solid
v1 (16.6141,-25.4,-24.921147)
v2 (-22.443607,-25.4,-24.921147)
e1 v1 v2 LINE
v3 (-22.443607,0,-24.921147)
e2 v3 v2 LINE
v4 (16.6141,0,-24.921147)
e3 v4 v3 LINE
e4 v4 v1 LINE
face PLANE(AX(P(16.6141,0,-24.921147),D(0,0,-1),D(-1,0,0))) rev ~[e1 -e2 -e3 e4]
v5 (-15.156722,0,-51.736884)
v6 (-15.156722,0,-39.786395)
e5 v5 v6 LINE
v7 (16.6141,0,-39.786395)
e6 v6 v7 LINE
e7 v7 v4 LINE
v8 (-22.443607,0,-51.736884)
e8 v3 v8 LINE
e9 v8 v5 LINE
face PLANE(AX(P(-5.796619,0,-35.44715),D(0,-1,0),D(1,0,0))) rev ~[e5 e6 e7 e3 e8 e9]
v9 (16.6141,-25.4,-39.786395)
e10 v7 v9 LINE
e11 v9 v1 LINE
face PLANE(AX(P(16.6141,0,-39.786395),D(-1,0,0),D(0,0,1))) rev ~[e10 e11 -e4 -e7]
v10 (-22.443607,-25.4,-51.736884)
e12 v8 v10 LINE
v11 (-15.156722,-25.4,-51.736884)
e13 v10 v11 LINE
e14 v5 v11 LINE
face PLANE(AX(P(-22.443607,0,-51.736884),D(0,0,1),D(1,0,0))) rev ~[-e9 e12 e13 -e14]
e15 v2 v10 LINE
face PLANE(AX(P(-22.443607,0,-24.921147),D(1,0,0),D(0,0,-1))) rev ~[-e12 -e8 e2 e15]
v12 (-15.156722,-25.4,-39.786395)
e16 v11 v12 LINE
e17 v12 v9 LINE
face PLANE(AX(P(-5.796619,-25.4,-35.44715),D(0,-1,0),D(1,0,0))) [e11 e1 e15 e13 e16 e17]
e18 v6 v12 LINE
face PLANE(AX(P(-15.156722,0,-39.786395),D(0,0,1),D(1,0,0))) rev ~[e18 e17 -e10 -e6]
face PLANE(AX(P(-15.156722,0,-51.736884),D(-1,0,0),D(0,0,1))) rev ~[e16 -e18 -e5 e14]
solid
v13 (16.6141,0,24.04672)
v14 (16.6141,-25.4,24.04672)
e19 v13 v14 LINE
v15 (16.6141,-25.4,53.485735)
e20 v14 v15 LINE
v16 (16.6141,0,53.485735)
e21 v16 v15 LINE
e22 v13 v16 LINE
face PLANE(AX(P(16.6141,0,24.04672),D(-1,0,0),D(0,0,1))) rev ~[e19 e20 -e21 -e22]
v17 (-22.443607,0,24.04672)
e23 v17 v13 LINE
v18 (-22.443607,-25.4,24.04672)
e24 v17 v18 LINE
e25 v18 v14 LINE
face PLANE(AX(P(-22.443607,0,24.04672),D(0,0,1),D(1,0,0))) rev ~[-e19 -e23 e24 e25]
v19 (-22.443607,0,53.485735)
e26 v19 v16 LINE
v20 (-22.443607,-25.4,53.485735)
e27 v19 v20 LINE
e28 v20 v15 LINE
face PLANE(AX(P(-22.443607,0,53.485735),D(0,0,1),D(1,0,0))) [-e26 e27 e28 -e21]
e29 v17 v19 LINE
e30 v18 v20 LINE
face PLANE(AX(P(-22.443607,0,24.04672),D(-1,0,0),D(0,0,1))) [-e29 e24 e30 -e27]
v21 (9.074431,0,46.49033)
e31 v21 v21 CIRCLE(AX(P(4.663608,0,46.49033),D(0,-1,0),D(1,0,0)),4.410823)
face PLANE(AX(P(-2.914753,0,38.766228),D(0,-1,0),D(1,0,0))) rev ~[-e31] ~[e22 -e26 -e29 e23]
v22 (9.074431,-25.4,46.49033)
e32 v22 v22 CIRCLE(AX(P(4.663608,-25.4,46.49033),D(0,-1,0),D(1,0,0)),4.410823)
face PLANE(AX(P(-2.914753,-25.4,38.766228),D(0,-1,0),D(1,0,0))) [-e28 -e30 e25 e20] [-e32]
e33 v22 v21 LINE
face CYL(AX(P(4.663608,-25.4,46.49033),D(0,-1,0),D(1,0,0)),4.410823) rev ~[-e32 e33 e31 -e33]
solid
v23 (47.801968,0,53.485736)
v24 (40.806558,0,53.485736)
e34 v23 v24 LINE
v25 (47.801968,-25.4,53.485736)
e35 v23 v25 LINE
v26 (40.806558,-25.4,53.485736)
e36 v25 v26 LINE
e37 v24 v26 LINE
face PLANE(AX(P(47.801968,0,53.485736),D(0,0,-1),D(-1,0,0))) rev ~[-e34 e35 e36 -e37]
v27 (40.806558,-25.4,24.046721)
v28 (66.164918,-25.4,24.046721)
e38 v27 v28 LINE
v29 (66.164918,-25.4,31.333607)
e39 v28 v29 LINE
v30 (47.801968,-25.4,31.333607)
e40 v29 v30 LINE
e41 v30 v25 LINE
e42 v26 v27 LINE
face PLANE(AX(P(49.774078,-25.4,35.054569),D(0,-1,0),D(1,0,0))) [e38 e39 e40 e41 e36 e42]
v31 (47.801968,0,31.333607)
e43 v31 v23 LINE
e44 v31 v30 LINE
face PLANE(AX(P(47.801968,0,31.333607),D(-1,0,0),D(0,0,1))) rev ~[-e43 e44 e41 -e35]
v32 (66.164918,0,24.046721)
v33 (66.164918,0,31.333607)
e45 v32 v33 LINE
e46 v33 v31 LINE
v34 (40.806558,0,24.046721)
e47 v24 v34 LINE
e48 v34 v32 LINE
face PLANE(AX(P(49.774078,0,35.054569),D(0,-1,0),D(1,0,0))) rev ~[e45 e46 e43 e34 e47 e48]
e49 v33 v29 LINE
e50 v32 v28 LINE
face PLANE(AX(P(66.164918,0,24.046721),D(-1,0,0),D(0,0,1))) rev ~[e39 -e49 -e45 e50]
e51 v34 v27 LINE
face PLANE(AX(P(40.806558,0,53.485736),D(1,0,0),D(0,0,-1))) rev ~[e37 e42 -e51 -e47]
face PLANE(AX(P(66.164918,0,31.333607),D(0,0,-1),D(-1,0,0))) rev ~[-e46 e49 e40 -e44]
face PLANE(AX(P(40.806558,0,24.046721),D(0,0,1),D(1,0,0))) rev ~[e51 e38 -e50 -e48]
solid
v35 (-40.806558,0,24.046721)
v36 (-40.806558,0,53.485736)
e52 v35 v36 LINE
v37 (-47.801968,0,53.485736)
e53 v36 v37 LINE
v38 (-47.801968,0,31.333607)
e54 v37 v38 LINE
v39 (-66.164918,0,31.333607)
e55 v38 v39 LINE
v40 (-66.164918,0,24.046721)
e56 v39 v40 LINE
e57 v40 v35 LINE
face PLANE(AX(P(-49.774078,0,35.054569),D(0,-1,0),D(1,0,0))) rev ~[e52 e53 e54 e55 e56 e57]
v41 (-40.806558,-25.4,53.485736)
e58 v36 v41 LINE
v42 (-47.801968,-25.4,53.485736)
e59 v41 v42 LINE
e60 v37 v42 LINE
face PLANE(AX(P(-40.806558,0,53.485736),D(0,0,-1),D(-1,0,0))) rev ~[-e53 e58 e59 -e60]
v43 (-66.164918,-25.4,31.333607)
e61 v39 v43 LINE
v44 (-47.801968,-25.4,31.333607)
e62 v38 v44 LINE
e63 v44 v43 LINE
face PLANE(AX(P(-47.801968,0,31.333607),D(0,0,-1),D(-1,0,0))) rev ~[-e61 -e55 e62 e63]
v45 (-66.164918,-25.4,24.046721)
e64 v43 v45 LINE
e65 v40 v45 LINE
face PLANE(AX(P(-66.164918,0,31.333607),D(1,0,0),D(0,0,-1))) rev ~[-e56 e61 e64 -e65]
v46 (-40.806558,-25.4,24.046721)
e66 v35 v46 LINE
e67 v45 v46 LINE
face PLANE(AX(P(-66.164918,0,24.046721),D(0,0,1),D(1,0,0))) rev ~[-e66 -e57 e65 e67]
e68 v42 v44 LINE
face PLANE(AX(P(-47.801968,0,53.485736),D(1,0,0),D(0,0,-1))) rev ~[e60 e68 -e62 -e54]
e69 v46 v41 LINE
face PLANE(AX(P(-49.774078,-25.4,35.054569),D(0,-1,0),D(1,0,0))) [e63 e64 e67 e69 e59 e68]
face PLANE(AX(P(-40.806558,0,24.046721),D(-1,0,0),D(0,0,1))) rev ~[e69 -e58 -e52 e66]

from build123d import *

# Parameters (mm, degrees)
F0_W     = 39.057707
F0_H     = 29.439015
F1_DEPTH = 25.4
F2_R     = 4.410823
F3_DEPTH = 25.4


with BuildPart() as f1:
    # F0 (on Front) → F1 (new body)
    with BuildSketch(Plane.XZ):
        with Locations((-2.914753, 38.766228)):
            Rectangle(F0_W, F0_H)
        Polygon((47.801968, 53.485736), (40.806558, 53.485736), (40.806558, 24.046721), (66.164918, 24.046721), (66.164918, 31.333607), (47.801968, 31.333607), align=None)
        Polygon((-40.806558, 53.485736), (-47.801968, 53.485736), (-47.801968, 31.333607), (-66.164918, 31.333607), (-66.164918, 24.046721), (-40.806558, 24.046721), align=None)
        Polygon((16.6141, -24.921147), (-22.443607, -24.921147), (-22.443607, -51.736884), (-15.156722, -51.736884), (-15.156722, -39.786395), (16.6141, -39.786395), align=None)
    extrude(amount=F1_DEPTH)

    # F2 (on face) → F3 (cut)
    with BuildSketch(Plane.XZ.offset(25.4)):
        with Locations((4.663608, 46.49033)):
            Circle(F2_R)
    extrude(amount=-F3_DEPTH, mode=Mode.SUBTRACT)


solid = f1.part
